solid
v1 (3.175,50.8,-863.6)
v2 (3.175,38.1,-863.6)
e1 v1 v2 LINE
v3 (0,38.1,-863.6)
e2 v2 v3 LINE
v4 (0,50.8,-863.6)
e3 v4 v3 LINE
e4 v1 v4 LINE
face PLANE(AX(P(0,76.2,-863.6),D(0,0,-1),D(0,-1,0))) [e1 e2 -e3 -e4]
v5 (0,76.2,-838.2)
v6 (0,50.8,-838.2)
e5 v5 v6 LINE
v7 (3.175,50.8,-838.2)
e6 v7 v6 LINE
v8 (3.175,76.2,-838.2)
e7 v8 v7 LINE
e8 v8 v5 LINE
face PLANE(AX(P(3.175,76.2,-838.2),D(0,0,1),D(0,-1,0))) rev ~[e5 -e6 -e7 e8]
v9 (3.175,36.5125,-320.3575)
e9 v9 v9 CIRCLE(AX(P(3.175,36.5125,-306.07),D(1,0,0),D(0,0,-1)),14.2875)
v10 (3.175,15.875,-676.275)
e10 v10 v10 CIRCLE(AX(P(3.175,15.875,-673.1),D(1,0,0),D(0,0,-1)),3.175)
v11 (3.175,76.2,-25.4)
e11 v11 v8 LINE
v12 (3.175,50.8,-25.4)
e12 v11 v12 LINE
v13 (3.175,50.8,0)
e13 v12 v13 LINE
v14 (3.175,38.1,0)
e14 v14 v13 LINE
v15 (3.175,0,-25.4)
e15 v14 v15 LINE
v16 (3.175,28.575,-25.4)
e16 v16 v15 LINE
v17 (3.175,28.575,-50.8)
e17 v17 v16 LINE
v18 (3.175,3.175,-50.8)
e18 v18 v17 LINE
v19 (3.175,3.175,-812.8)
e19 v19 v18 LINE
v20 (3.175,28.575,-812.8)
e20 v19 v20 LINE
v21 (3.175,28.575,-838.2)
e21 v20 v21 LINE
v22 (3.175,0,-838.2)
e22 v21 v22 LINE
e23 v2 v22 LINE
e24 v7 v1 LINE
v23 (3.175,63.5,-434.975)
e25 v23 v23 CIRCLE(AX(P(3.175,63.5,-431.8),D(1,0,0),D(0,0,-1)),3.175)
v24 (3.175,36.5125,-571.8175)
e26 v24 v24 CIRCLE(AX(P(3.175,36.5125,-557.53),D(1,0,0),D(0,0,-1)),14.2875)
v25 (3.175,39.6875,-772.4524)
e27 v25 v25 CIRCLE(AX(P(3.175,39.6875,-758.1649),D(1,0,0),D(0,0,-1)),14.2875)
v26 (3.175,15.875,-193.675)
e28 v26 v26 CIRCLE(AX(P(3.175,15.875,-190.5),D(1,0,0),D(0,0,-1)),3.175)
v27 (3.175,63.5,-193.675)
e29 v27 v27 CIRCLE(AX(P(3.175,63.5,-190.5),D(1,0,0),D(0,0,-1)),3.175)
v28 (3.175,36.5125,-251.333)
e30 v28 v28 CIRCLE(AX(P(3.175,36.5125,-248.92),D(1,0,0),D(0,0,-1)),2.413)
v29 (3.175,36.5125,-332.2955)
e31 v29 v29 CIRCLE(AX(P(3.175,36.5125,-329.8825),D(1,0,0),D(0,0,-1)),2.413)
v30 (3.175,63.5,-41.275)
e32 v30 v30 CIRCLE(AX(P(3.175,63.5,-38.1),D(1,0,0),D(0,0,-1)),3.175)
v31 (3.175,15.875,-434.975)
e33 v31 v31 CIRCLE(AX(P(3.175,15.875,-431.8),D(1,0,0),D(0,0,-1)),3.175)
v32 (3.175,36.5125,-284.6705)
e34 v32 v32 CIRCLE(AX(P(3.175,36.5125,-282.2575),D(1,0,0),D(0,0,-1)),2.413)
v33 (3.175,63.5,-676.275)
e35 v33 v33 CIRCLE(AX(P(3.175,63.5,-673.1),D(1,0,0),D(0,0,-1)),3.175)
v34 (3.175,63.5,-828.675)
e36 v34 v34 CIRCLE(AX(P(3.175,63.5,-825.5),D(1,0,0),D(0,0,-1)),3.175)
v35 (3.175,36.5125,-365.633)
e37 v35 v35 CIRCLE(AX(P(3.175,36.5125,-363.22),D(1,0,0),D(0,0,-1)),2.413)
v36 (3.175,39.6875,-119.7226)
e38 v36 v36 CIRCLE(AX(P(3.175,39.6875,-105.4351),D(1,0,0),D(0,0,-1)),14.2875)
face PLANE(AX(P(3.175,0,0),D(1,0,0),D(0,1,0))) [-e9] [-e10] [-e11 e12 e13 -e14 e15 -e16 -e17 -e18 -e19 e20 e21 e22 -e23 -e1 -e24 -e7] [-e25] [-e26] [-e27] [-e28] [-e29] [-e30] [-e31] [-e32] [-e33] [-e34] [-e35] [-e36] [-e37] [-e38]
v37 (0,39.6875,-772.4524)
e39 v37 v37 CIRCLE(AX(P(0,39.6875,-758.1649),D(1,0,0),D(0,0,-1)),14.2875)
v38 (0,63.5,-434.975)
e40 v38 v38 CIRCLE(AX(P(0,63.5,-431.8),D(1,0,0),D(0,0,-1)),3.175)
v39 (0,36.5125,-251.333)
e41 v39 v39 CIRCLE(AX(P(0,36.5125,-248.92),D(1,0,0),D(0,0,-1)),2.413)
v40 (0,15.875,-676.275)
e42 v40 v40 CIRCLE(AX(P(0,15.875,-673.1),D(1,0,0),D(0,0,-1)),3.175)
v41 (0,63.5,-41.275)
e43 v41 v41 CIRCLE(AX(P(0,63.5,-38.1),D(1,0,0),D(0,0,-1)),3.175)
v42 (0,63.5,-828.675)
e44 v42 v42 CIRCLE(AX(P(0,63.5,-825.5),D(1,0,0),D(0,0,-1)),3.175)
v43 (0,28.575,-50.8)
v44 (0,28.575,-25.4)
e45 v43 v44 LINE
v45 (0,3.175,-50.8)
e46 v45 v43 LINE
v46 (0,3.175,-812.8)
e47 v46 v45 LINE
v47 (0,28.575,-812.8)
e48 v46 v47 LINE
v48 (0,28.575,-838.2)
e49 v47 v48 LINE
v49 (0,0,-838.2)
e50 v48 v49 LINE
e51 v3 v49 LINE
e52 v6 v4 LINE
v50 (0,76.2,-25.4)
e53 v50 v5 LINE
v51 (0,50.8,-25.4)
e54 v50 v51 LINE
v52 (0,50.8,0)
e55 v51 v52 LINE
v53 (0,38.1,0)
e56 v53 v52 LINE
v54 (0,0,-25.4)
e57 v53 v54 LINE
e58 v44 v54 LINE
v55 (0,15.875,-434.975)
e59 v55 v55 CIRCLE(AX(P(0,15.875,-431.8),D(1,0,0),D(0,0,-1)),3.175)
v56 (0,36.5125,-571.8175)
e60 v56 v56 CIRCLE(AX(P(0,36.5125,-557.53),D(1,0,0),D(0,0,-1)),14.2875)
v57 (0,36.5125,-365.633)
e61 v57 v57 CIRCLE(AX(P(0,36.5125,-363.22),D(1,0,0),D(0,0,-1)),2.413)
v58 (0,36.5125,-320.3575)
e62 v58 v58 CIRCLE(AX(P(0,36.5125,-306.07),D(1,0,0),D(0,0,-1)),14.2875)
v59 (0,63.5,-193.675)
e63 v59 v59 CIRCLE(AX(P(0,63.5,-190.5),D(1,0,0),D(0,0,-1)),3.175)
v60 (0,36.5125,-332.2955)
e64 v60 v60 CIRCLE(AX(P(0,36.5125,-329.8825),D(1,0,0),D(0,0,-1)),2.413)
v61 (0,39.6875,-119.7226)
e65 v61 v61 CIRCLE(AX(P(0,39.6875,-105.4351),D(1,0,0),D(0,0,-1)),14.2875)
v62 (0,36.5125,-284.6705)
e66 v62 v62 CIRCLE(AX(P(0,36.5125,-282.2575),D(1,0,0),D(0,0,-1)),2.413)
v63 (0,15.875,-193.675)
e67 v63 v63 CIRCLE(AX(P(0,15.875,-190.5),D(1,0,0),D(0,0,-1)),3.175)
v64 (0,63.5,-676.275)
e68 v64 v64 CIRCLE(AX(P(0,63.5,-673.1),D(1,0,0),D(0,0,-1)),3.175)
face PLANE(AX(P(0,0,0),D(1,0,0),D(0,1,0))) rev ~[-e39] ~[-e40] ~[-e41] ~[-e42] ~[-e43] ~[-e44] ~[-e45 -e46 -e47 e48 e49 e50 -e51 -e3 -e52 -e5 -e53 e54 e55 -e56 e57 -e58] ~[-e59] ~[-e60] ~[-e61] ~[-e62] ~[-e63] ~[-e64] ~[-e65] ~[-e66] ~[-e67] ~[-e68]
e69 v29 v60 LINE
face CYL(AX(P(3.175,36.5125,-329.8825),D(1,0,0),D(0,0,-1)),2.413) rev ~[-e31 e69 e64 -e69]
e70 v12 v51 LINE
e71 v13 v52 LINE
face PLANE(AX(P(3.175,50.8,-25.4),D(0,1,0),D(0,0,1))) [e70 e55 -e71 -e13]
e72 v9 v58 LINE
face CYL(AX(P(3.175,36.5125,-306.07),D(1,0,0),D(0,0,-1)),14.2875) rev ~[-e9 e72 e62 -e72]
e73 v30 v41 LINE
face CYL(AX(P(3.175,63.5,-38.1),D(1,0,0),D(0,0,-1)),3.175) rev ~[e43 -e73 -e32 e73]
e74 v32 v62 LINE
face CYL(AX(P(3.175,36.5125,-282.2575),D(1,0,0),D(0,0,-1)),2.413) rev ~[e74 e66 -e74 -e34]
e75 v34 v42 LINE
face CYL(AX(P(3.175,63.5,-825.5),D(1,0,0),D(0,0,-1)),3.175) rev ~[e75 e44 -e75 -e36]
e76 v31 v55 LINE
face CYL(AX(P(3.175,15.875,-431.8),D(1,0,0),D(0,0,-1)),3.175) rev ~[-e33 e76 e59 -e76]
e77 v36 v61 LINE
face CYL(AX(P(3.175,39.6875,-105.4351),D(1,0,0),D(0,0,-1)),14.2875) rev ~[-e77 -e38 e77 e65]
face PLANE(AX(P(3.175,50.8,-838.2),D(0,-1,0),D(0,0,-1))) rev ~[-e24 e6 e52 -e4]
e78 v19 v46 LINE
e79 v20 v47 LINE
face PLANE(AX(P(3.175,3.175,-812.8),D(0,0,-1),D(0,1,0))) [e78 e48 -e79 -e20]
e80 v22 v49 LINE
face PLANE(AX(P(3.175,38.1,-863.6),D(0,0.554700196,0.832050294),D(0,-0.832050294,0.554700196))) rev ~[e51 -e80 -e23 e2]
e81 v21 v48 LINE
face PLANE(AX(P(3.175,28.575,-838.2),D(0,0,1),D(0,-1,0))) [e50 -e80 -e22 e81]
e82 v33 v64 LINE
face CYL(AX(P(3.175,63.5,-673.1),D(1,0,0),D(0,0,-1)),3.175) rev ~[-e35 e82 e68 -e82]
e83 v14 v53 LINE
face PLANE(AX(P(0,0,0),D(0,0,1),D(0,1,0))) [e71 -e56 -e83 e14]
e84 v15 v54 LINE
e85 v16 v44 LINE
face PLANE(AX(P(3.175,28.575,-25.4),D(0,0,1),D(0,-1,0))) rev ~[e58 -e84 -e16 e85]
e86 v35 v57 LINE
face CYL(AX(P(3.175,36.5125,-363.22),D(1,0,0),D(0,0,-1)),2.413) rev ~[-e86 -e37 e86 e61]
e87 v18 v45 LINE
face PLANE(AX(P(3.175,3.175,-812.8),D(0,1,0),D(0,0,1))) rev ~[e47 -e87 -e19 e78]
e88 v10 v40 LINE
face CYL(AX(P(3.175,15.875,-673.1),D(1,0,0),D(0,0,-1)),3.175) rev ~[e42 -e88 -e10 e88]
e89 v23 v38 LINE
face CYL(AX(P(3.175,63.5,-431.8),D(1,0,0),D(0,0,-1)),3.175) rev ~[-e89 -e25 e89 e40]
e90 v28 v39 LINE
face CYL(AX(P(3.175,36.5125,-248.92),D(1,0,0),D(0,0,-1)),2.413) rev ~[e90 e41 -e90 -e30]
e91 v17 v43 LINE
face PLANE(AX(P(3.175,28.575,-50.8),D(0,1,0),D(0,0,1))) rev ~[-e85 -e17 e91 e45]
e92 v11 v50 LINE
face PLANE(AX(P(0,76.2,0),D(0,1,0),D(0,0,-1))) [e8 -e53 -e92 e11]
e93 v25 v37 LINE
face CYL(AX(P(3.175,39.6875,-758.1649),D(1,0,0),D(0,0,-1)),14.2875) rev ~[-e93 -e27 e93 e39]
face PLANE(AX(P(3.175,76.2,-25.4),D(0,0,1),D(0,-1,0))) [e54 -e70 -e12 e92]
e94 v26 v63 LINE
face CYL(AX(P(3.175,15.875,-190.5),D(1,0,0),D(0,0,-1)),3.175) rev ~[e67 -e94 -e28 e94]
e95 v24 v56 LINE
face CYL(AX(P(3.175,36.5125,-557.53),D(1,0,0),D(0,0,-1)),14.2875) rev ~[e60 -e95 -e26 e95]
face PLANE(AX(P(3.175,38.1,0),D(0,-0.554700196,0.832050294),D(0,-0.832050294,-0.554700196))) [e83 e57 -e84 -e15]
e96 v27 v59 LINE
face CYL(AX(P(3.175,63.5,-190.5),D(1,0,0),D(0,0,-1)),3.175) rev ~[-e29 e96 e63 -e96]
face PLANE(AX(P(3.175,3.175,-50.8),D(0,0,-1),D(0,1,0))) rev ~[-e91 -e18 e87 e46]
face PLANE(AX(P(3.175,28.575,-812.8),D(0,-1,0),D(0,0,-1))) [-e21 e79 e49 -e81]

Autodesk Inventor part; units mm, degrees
ref_plane "YZ Plane" through (0, 0, 0) normal (1, 0, 0) x (0, 1, 0)
ref_plane "XZ Plane" through (0, 0, 0) normal (0, 1, 0) x (-1, 0, 0)
ref_plane "XY Plane" through (0, 0, 0) normal (0, 0, 1) x (1, 0, 0)
sketch "Sketch1" plane through (0, 0, 0) normal (1, 0, 0) x (0, 1, 0)
  line L0 (0, 0) -> (76.2, 0)
  line L1 (76.2, 0) -> (76.2, -863.6)
  line L2 (76.2, -863.6) -> (0, -863.6)
  line L3 (0, -863.6) -> (0, 0)
  dimension "d0" = 76.2
  dimension "d1" = 863.6
extrude "Extrusion1" add sketch "Sketch1" along normal blind 3.175
sketch "Sketch2" plane through (3.175, 0, 0) normal (1, 0, 0) x (0, 0, -1)
  line L0 (0, 38.1) -> (0, 36.5125)
  line L1 (0, 36.5125) -> (0, 39.6875)
  circle A0 centre (306.07, 36.5125) radius 14.2875
  circle A1 centre (557.53, 36.5125) radius 14.2875
  circle A2 centre (105.4351, 39.6875) radius 14.2875
  circle A3 centre (758.1649, 39.6875) radius 14.2875
  line L2 (863.6, 0) -> (838.2, 0)
  line L3 (863.6, 0) -> (863.6, 38.1)
  line L4 (863.6, 38.1) -> (838.2, 0)
  circle A4 centre (12.7, 63.5) radius 3.175
  line L5 (863.6, 76.2) -> (0, 76.2) projected
  circle A5 centre (850.9, 63.5) radius 3.175
  circle A6 centre (825.5, 15.875) radius 3.175
  circle A7 centre (38.1, 15.875) radius 3.175
  circle A8 centre (190.5, 15.875) radius 3.175
  circle A9 centre (431.8, 15.875) radius 3.175
  circle A10 centre (431.8, 63.5) radius 3.175
  circle A11 centre (673.1, 63.5) radius 3.175
  circle A12 centre (673.1, 15.875) radius 3.175
  circle A13 centre (190.5, 63.5) radius 3.175
  line L6 (0, 0) -> (25.4, 0)
  line L7 (0, 0) -> (0, 38.1)
  line L8 (0, 38.1) -> (25.4, 0)
  line L9 (863.6, 0) -> (0, 0) projected
  dimension "d15" = 28.575
  dimension "d16" = 28.575
  dimension "d19" = 28.575
  dimension "d21" = 28.575
  dimension "d22" = 25.4
  dimension "d26" = 6.35
  dimension "d27" = 12.7
  dimension "d29" = 6.35
  dimension "d30" = 12.7
  dimension "d32" = 6.35
  dimension "d34" = 12.7
  dimension "d35" = 6.35
  dimension "d39" = 6.35
  dimension "d40" = 863.6
  dimension "d41" = 6.35
  dimension "d43" = 6.35
  dimension "d44" = 12.7
  dimension "d45" = 6.35
  dimension "d46" = 6.35
  dimension "d48" = 241.3
  dimension "d49" = 241.3
  dimension "d50" = 6.35
  dimension "d51" = 241.3
  dimension "d53" = 241.3
  dimension "d54" = 25.4
  dimension "d55" = 38.1
  dimension "d58" = 15.875
  dimension "d59" = 15.875
  dimension "d60" = 15.875
extrude "Extrusion3" cut sketch "Sketch2" against normal blind 25.4
sketch "Sketch3" plane through (3.175, 0, 0) normal (1, 0, 0) x (0, 0, -1)
  line L0 (0, 76.2) -> (863.6, 76.2) projected
  line L1 (0, 76.2) -> (25.4, 76.2)
  line L2 (25.4, 76.2) -> (25.4, 50.8)
  line L3 (25.4, 50.8) -> (0, 50.8)
  line L4 (0, 50.8) -> (0, 76.2)
  line L5 (25.4, 0) -> (50.8, 0)
  line L6 (50.8, 0) -> (50.8, 28.575)
  line L7 (50.8, 28.575) -> (25.4, 28.575)
  line L8 (25.4, 28.575) -> (25.4, 0)
  line L9 (863.6, 76.2) -> (838.2, 76.2)
  line L10 (838.2, 76.2) -> (838.2, 50.8)
  line L11 (838.2, 50.8) -> (863.6, 50.8)
  line L12 (863.6, 50.8) -> (863.6, 76.2)
  line L13 (50.8, 0) -> (812.8, 0)
  line L14 (812.8, 0) -> (812.8, 3.175)
  line L15 (812.8, 3.175) -> (50.8, 3.175)
  line L16 (50.8, 3.175) -> (50.8, 0)
  line L17 (838.2, 0) -> (812.8, 0)
  line L18 (812.8, 0) -> (812.8, 28.575)
  line L19 (812.8, 28.575) -> (838.2, 28.575)
  line L20 (838.2, 28.575) -> (838.2, 0)
  circle A0 centre (38.1, 63.5) radius 3.175
  circle A1 centre (825.5, 63.5) radius 3.175
  circle A2 centre (306.07, 36.5125) radius 14.2875 projected
  circle A3 centre (329.8825, 36.5125) radius 2.413
  circle A4 centre (363.22, 36.5125) radius 2.413
  circle A5 centre (282.2575, 36.5125) radius 2.413
  circle A6 centre (248.92, 36.5125) radius 2.413
  point P0 (0, 0)
  dimension "d63" = 25.4
  dimension "d64" = 25.4
  dimension "d65" = 25.4
  dimension "d66" = 28.575
  dimension "d67" = 25.4
  dimension "d68" = 25.4
  dimension "d77" = 762
  dimension "d78" = 3.175
  dimension "d79" = 25.4
  dimension "d80" = 28.575
  dimension "d81" = 6.35
  dimension "d82" = 6.35
  dimension "d88" = 4.826
  dimension "d89" = 4.826
  dimension "d90" = 4.826
  dimension "d91" = 4.826
extrude "Extrusion5" cut sketch "Sketch3" against normal blind 25.4 contours L0 L12 L11 L10 | L0 L2 L3 L4 | L8 L7 L6 L5 | L6 L15 L14 L13 | L14 L18 L19 L20 L17 | A0 | A1 | A3 | A4 | A5 | A6
properties part number "InsidePlate"
